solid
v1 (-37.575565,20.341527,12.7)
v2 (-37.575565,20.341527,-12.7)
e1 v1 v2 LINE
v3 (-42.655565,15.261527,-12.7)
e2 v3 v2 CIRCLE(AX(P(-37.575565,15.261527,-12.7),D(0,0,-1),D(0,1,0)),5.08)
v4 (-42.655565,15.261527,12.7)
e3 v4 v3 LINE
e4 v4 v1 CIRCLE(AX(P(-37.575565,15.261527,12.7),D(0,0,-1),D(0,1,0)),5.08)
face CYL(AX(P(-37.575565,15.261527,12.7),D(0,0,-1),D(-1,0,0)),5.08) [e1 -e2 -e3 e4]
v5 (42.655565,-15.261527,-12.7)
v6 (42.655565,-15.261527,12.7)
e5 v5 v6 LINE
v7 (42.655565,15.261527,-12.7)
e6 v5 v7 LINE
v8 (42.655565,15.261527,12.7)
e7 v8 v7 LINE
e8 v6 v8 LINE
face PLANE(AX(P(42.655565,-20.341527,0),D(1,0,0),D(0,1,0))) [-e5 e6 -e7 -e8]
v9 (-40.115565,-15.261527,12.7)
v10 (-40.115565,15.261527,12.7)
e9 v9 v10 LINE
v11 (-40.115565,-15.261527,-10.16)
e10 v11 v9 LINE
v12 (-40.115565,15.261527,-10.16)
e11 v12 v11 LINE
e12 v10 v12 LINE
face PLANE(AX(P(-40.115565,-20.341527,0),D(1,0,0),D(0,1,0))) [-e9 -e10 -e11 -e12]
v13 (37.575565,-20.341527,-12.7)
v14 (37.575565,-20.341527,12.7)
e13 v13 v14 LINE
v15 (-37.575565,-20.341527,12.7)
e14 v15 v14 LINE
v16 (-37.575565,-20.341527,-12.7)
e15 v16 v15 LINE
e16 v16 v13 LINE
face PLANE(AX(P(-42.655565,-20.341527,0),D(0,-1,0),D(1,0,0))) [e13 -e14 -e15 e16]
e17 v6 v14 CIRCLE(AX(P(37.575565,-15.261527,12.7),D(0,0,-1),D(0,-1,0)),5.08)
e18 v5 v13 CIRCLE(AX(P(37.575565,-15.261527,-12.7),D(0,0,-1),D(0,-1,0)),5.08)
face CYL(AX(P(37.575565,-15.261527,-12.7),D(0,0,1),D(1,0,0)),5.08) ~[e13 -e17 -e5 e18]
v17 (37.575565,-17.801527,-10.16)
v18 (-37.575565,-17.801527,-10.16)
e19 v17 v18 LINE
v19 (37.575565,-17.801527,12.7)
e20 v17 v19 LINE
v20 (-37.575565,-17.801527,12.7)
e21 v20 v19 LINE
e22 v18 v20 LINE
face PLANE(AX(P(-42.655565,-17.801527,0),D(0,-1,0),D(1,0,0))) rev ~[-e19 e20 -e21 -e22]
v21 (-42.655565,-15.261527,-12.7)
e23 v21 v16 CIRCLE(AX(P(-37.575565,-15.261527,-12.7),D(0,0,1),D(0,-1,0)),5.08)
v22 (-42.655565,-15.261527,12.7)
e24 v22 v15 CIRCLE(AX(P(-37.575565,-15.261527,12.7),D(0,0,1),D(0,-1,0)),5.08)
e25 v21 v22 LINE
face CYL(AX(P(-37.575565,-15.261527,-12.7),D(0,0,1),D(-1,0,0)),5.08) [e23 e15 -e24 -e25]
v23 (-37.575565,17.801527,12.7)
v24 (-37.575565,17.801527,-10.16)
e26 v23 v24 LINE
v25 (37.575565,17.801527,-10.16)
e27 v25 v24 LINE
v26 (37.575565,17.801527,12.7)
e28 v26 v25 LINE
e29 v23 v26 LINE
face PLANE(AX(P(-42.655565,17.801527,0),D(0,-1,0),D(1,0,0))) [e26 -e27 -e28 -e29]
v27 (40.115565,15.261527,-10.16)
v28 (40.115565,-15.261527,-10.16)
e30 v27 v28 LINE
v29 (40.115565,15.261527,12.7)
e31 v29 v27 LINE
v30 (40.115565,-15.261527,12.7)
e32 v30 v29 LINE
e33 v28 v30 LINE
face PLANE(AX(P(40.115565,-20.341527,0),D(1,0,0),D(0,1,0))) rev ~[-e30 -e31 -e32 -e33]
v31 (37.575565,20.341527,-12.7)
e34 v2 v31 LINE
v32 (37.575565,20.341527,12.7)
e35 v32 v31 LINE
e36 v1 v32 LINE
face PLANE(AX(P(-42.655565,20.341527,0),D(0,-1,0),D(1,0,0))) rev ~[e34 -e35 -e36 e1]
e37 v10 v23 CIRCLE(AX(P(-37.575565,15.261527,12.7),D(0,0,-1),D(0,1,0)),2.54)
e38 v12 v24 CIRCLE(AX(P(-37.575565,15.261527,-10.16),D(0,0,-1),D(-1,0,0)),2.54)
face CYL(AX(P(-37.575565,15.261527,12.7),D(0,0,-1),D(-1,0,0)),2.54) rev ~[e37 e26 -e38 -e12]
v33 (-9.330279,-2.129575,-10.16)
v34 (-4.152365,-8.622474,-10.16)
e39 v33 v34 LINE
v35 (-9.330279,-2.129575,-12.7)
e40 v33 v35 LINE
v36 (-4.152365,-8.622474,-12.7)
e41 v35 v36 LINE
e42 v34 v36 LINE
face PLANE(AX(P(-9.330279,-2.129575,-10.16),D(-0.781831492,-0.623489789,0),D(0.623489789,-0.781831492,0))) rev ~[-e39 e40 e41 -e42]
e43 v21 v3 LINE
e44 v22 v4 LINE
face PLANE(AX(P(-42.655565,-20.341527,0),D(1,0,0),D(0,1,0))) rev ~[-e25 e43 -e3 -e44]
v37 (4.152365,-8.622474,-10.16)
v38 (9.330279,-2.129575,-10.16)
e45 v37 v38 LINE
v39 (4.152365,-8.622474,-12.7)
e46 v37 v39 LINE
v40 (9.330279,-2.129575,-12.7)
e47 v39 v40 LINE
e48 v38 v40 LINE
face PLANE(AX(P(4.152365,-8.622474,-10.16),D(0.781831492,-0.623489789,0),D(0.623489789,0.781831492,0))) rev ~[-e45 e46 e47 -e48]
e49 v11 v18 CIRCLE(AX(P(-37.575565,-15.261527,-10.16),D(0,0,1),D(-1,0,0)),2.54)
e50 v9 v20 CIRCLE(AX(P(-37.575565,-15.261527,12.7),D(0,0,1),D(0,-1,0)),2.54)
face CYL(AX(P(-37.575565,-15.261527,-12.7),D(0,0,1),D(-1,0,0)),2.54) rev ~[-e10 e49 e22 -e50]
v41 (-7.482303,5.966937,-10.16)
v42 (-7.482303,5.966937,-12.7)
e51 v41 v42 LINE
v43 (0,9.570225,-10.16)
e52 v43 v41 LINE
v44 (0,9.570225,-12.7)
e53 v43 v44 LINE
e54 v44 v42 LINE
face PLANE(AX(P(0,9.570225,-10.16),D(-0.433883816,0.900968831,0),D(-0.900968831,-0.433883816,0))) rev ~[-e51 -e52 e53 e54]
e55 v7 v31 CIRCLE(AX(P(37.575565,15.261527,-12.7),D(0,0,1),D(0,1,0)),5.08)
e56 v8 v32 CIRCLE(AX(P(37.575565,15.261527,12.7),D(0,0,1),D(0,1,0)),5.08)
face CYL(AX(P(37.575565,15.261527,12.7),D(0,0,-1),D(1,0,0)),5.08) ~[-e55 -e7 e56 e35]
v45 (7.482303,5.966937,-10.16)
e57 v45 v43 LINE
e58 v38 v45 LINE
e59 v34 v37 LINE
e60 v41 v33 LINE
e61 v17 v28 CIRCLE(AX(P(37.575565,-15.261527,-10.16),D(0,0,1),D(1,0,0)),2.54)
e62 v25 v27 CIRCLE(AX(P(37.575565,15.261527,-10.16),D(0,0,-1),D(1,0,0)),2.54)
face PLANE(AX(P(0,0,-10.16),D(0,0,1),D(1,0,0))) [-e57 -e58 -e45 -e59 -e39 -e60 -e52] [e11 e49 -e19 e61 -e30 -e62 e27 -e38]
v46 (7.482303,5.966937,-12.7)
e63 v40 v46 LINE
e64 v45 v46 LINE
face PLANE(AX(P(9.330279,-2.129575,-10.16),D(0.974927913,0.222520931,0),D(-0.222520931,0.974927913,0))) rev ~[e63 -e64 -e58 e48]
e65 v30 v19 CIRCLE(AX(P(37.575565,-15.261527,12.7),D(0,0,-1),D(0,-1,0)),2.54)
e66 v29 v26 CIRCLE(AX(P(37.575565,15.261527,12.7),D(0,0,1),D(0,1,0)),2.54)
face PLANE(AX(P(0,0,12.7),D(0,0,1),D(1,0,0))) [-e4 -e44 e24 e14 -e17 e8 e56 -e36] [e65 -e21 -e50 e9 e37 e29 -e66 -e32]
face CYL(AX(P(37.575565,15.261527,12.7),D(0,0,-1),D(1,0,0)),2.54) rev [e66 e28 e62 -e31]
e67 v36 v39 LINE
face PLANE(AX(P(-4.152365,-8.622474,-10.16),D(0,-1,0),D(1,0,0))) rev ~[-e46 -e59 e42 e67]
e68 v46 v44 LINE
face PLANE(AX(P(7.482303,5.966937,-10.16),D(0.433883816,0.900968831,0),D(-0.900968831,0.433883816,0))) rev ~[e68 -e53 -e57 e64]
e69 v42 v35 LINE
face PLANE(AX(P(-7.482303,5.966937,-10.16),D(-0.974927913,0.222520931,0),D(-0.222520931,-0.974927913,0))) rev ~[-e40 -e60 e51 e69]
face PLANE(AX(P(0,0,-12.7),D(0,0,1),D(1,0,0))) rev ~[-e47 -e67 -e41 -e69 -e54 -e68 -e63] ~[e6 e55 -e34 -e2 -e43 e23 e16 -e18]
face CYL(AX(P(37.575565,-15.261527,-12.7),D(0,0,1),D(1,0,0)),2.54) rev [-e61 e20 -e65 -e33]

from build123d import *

# Parameters (mm, degrees)
F0_W     = 85.31113
F0_H     = 40.683054
F1_DEPTH = 12.7
F2_R     = 5.08
F3_T     = -2.54
F5_DEPTH = 2.54


with BuildPart() as f1:
    # F0 (on Top) → F1 (new body, symmetric)
    with BuildSketch(Plane.XY):
        Rectangle(F0_W, F0_H)
    extrude(amount=F1_DEPTH, both=True)

    # F2
    f2_edges = [f1.edges().sort_by_distance(p)[0] for p in [
        (42.655565, -20.341527, 0),
        (42.655565, 20.341527, 0),
        (-42.655565, -20.341527, 0),
        (-42.655565, 20.341527, 0),
    ]]
    fillet(f2_edges, radius=F2_R)

    # F3
    f3_openings = [f1.faces().sort_by_distance(p)[0] for p in [
        (0, 0, 12.7),
    ]]
    offset(amount=F3_T, openings=f3_openings)

    # F4 (on face) → F5 (cut, through all)
    with BuildSketch(Plane.XY.offset(-10.16)):
        Polygon((-7.482303, 5.966937), (-9.330279, -2.129575), (-4.152365, -8.622474), (4.152365, -8.622474), (9.330279, -2.129575), (7.482303, 5.966937), (0, 9.570225), align=None)
    extrude(amount=-F5_DEPTH, mode=Mode.SUBTRACT)


solid = f1.part
